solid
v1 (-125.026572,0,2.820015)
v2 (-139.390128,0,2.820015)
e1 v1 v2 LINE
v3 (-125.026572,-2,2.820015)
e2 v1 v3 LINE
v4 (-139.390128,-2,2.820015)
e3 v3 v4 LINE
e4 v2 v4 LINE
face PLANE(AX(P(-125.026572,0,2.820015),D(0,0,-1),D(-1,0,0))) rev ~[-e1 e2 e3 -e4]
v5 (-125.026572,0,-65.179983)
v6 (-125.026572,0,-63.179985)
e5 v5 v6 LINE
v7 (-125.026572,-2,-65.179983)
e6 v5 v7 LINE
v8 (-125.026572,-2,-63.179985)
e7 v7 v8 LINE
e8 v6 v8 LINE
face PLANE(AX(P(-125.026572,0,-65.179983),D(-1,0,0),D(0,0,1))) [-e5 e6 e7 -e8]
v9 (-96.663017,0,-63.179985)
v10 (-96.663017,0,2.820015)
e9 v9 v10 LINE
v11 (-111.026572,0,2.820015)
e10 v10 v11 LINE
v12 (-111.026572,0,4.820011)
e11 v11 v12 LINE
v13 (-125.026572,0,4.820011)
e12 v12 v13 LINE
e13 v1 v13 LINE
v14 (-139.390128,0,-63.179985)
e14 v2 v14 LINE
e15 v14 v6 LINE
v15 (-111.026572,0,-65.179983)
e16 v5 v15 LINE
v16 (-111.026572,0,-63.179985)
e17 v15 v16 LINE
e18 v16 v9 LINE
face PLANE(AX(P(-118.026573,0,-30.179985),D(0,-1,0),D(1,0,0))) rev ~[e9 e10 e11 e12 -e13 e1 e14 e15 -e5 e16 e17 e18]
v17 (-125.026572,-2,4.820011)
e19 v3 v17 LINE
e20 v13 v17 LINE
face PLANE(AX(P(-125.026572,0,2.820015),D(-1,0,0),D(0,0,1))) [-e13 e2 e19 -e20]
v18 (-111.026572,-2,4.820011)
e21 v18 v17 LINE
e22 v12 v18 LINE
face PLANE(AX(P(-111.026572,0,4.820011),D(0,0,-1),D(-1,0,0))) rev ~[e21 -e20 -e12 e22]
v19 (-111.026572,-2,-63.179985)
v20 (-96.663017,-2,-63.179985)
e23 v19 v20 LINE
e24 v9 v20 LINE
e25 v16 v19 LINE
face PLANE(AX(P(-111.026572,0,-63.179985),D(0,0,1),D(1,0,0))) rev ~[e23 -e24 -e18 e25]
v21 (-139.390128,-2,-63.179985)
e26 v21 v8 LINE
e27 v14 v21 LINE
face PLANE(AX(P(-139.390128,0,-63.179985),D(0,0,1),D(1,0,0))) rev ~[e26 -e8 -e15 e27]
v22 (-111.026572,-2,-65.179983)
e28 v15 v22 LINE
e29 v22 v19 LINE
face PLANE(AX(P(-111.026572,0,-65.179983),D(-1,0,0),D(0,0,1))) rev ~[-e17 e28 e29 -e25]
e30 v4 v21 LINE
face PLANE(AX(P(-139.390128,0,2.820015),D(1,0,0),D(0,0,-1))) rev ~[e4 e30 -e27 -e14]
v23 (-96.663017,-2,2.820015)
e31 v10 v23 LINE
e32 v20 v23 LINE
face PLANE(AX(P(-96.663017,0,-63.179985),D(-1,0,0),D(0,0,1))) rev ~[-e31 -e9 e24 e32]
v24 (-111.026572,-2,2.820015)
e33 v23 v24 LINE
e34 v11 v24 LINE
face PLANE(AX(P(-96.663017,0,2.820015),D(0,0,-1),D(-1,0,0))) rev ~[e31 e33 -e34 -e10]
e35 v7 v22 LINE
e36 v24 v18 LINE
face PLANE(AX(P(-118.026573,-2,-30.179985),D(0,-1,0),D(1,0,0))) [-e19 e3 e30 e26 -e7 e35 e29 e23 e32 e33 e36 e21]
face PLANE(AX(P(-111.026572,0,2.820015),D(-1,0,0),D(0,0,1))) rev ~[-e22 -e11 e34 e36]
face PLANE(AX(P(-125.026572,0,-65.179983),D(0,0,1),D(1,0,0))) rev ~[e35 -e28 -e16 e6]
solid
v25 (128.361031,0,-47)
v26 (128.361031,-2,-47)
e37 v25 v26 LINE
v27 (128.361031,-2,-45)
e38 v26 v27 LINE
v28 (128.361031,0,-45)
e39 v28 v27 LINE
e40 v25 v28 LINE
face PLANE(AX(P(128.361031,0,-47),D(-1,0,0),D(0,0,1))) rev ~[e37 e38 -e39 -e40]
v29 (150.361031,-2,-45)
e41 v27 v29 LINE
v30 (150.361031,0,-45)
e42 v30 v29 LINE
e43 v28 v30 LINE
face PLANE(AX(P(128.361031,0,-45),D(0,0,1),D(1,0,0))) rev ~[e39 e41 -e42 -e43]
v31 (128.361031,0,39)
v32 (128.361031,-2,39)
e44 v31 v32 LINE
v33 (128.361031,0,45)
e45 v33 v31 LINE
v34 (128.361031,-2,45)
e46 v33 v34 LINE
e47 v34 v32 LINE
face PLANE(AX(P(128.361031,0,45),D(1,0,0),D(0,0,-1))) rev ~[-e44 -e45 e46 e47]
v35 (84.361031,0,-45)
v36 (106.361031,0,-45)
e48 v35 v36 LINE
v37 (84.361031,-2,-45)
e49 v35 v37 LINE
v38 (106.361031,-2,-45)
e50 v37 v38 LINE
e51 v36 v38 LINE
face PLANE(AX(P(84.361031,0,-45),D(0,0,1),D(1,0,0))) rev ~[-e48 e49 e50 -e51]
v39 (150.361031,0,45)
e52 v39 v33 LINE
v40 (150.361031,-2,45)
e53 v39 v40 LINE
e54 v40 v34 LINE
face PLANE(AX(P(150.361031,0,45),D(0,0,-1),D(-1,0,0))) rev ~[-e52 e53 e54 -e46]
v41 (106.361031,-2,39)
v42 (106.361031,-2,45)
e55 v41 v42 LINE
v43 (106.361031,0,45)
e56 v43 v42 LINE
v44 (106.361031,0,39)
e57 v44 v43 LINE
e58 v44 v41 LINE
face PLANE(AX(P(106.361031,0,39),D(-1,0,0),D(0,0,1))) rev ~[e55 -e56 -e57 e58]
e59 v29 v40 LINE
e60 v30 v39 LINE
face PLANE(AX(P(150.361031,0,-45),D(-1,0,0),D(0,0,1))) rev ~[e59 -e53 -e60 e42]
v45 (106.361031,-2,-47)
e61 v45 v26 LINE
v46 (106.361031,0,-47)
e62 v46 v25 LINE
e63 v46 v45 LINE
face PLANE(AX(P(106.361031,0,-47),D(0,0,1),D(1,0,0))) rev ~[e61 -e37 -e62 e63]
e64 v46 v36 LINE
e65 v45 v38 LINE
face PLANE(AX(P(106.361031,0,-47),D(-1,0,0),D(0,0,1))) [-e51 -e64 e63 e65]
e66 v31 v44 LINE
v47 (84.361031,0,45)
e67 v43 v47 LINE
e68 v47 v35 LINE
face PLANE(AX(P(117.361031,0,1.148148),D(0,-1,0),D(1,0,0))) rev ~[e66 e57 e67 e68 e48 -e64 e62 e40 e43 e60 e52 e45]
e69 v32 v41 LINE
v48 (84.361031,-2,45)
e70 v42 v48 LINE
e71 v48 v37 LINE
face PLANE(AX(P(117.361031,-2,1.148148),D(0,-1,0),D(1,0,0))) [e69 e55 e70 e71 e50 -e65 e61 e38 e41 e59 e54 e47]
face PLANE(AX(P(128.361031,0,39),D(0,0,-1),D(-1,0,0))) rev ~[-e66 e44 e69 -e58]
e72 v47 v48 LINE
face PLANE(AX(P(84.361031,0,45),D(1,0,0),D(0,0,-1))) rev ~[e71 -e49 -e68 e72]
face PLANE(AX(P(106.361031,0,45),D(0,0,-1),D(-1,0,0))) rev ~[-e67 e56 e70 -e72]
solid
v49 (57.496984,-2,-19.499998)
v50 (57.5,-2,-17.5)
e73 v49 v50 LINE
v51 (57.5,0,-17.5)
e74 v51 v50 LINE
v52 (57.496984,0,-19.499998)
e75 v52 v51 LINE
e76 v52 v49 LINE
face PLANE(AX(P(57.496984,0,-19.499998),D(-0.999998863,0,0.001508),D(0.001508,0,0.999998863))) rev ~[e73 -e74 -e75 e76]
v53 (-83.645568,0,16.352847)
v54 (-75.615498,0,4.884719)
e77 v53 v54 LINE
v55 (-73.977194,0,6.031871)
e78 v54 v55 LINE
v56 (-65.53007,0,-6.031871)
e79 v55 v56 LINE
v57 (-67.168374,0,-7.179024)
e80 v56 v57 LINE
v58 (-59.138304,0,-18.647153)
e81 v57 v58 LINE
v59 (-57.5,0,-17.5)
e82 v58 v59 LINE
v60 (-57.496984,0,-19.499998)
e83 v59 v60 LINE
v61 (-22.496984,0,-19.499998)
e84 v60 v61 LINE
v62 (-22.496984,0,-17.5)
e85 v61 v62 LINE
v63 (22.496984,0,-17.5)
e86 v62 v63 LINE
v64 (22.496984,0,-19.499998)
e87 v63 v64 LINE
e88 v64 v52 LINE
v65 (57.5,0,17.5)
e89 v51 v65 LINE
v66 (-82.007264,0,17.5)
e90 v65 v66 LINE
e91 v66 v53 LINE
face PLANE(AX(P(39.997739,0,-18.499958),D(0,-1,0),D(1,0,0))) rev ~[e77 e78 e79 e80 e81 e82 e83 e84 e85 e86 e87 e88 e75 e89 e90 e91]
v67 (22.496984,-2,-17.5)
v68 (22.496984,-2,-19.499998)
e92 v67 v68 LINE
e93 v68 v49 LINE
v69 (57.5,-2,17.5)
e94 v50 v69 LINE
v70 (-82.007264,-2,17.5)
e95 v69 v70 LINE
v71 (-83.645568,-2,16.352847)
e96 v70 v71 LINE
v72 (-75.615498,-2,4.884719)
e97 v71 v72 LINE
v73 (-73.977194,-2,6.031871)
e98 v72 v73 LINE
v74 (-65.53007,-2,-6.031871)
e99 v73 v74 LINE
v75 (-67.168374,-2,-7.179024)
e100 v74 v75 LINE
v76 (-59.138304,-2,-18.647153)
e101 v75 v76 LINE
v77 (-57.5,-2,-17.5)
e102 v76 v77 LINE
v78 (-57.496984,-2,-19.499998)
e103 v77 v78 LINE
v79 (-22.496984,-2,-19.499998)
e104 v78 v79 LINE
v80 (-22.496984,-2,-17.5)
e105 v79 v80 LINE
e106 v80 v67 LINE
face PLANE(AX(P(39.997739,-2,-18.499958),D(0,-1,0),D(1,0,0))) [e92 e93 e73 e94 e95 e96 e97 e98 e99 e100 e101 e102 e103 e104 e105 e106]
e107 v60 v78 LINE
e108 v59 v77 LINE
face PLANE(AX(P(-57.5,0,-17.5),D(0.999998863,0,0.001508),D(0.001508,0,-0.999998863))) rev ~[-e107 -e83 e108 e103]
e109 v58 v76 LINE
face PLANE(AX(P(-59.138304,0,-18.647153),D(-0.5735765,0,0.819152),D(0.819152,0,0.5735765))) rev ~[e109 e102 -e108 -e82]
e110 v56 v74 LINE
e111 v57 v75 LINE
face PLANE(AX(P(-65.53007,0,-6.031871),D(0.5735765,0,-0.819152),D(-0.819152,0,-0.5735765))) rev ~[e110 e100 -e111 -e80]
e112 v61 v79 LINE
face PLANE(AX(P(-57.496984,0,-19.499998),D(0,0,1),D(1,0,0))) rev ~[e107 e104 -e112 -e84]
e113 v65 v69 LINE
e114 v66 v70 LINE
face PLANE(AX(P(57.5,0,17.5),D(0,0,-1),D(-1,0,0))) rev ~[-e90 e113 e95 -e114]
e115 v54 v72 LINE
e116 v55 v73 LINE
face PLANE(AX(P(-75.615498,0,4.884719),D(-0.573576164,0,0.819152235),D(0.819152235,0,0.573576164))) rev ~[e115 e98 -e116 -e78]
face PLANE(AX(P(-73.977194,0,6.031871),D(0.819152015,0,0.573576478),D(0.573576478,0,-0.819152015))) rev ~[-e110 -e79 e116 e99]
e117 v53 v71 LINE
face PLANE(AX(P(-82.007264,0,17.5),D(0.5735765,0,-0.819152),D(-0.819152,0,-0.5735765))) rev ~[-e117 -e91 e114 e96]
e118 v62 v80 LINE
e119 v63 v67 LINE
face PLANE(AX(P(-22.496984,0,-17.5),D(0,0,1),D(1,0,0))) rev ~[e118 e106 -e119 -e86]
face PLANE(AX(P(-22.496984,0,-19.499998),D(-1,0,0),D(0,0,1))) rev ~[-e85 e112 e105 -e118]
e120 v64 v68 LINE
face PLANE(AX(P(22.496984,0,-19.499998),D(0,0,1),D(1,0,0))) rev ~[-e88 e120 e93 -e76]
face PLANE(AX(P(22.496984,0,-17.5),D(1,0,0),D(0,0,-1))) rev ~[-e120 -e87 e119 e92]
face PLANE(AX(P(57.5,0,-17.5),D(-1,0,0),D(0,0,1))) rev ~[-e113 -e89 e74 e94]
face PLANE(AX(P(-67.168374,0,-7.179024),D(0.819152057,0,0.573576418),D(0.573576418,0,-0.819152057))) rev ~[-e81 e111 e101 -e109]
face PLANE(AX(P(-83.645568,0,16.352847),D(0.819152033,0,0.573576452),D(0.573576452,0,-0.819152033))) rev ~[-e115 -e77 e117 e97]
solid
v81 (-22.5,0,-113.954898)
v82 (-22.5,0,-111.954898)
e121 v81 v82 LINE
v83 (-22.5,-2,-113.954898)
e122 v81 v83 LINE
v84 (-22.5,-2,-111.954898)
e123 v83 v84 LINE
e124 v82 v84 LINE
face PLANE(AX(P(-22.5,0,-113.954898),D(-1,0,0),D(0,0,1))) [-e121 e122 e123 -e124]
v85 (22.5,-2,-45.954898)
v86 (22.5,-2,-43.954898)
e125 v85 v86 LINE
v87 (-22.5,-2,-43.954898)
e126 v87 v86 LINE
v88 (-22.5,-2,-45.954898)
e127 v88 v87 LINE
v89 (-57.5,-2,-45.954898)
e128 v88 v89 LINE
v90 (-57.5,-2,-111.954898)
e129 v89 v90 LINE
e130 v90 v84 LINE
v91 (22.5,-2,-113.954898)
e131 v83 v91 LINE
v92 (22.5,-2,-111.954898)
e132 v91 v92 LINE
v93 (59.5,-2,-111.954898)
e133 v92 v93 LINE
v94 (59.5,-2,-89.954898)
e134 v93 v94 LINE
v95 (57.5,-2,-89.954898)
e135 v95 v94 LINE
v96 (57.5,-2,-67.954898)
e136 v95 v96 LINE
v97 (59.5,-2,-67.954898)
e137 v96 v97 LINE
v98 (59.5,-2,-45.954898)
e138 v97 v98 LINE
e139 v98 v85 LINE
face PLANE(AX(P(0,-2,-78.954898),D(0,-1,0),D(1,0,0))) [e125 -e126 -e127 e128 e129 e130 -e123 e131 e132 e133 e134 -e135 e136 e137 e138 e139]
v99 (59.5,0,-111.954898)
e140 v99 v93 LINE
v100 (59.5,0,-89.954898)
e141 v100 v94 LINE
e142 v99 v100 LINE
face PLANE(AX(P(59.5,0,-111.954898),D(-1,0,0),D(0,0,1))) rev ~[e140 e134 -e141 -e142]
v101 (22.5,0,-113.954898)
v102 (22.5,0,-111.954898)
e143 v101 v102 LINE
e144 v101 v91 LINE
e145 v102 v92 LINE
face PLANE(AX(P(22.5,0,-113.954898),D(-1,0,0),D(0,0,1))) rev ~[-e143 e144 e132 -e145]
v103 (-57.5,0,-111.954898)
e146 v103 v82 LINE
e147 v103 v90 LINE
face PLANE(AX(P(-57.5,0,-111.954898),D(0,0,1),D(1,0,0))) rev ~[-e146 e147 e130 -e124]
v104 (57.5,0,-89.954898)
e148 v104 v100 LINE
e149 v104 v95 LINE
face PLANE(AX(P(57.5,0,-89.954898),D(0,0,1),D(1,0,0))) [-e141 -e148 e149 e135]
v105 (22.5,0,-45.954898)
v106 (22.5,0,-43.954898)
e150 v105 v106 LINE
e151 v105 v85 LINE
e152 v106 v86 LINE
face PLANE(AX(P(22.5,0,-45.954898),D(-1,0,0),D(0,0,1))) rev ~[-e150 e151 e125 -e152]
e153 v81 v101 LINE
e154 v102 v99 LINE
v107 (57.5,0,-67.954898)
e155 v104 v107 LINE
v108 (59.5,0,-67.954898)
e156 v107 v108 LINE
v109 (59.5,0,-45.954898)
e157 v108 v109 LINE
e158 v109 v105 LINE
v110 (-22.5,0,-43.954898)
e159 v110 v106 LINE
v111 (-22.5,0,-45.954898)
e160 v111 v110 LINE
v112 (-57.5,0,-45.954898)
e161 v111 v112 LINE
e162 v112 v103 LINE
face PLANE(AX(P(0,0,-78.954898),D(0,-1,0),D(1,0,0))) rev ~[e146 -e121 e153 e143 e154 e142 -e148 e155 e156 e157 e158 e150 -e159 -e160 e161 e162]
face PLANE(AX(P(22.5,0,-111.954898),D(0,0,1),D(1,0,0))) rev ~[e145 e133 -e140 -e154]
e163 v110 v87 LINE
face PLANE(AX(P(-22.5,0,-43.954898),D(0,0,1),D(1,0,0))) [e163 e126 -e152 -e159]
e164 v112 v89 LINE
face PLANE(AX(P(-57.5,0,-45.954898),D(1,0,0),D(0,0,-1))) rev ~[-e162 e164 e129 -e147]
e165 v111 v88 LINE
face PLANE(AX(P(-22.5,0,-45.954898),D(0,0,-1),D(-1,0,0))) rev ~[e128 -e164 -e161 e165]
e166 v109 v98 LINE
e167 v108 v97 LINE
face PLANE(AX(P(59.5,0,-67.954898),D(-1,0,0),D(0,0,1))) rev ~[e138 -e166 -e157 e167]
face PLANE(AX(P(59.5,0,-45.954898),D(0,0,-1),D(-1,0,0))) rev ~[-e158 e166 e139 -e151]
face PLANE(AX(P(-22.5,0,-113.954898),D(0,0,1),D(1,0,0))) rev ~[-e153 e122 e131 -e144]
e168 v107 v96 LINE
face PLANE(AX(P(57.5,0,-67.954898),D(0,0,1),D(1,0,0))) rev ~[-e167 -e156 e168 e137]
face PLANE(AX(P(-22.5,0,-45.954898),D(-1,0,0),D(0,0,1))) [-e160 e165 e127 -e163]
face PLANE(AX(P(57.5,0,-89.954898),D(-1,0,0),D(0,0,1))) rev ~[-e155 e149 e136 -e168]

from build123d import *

# Parameters (mm, degrees)
F0_W     = 2
F0_H     = 22
F0_W_2   = 22.5
F0_H_2   = 2
F0_W_3   = 45
F0_W_4   = 22
F0_W_5   = 14
F0_H_3   = 1.999998
F0_W_6   = 7
F0_H_4   = 1.999997
F1_DEPTH = 2


with BuildPart() as f1:
    # F0 (on Front) → F1 (new body)
    with BuildSketch(Plane.XZ):
        Polygon((57.496984, -19.499998), (57.5, -17.5), (22.496984, -17.5), (22.496984, -19.499998), align=None)
        Polygon((22.496984, -17.5), (57.5, -17.5), (57.5, 17.5), (-57.5, 17.5), (-57.5, -17.5), (-22.496984, -17.5), (0, -17.5), align=None)
        Polygon((-57.5, -17.5), (-57.5, 17.5), (-82.007264, 17.5), (-73.977194, 6.031871), (-65.53007, -6.031871), align=None)
        Polygon((-22.496984, -19.499998), (-22.496984, -17.5), (-57.5, -17.5), (-57.496984, -19.499998), align=None)
        Polygon((-59.138304, -18.647153), (-57.5, -17.5), (-65.53007, -6.031871), (-67.168374, -7.179024), align=None)
        Polygon((-73.977194, 6.031871), (-82.007264, 17.5), (-83.645568, 16.352847), (-75.615498, 4.884719), align=None)
        Polygon((22.5, -111.954898), (57.5, -111.954898), (57.5, -89.954898), (57.5, -78.954898), (57.5, -67.954898), (57.5, -45.954898), (22.5, -45.954898), (-22.5, -45.954898), (-57.5, -45.954898), (-57.5, -111.954898), (-22.5, -111.954898), (0, -111.954898), align=None)
        with Locations((58.5, -100.954898)):
            Rectangle(F0_W, F0_H)
        with Locations((11.25, -112.954898)):
            Rectangle(F0_W_2, F0_H_2)
        with Locations((-11.25, -112.954898)):
            Rectangle(F0_W_2, F0_H_2)
        with Locations((58.5, -56.954898)):
            Rectangle(F0_W, F0_H)
        with Locations((0, -44.954898)):
            Rectangle(F0_W_3, F0_H_2)
        Polygon((128.361031, -45), (150.361031, -45), (150.361031, 45), (128.361031, 45), (128.361031, 39), (106.361031, 39), (106.361031, 45), (84.361031, 45), (84.361031, -45), (106.361031, -45), align=None)
        with Locations((117.361031, -46)):
            Rectangle(F0_W_4, F0_H_2)
        Polygon((-111.026572, -63.179985), (-96.663017, -63.179985), (-96.663017, 2.820015), (-111.026572, 2.820015), (-118.026572, 2.820015), (-125.026572, 2.820015), (-139.390128, 2.820015), (-139.390128, -63.179985), (-125.026572, -63.179985), align=None)
        with Locations((-118.026572, -64.179984)):
            Rectangle(F0_W_5, F0_H_3)
        with Locations((-114.526572, 3.820013)):
            Rectangle(F0_W_6, F0_H_4)
        with Locations((-121.526572, 3.820013)):
            Rectangle(F0_W_6, F0_H_4)
    extrude(amount=F1_DEPTH)


solid = f1.part
